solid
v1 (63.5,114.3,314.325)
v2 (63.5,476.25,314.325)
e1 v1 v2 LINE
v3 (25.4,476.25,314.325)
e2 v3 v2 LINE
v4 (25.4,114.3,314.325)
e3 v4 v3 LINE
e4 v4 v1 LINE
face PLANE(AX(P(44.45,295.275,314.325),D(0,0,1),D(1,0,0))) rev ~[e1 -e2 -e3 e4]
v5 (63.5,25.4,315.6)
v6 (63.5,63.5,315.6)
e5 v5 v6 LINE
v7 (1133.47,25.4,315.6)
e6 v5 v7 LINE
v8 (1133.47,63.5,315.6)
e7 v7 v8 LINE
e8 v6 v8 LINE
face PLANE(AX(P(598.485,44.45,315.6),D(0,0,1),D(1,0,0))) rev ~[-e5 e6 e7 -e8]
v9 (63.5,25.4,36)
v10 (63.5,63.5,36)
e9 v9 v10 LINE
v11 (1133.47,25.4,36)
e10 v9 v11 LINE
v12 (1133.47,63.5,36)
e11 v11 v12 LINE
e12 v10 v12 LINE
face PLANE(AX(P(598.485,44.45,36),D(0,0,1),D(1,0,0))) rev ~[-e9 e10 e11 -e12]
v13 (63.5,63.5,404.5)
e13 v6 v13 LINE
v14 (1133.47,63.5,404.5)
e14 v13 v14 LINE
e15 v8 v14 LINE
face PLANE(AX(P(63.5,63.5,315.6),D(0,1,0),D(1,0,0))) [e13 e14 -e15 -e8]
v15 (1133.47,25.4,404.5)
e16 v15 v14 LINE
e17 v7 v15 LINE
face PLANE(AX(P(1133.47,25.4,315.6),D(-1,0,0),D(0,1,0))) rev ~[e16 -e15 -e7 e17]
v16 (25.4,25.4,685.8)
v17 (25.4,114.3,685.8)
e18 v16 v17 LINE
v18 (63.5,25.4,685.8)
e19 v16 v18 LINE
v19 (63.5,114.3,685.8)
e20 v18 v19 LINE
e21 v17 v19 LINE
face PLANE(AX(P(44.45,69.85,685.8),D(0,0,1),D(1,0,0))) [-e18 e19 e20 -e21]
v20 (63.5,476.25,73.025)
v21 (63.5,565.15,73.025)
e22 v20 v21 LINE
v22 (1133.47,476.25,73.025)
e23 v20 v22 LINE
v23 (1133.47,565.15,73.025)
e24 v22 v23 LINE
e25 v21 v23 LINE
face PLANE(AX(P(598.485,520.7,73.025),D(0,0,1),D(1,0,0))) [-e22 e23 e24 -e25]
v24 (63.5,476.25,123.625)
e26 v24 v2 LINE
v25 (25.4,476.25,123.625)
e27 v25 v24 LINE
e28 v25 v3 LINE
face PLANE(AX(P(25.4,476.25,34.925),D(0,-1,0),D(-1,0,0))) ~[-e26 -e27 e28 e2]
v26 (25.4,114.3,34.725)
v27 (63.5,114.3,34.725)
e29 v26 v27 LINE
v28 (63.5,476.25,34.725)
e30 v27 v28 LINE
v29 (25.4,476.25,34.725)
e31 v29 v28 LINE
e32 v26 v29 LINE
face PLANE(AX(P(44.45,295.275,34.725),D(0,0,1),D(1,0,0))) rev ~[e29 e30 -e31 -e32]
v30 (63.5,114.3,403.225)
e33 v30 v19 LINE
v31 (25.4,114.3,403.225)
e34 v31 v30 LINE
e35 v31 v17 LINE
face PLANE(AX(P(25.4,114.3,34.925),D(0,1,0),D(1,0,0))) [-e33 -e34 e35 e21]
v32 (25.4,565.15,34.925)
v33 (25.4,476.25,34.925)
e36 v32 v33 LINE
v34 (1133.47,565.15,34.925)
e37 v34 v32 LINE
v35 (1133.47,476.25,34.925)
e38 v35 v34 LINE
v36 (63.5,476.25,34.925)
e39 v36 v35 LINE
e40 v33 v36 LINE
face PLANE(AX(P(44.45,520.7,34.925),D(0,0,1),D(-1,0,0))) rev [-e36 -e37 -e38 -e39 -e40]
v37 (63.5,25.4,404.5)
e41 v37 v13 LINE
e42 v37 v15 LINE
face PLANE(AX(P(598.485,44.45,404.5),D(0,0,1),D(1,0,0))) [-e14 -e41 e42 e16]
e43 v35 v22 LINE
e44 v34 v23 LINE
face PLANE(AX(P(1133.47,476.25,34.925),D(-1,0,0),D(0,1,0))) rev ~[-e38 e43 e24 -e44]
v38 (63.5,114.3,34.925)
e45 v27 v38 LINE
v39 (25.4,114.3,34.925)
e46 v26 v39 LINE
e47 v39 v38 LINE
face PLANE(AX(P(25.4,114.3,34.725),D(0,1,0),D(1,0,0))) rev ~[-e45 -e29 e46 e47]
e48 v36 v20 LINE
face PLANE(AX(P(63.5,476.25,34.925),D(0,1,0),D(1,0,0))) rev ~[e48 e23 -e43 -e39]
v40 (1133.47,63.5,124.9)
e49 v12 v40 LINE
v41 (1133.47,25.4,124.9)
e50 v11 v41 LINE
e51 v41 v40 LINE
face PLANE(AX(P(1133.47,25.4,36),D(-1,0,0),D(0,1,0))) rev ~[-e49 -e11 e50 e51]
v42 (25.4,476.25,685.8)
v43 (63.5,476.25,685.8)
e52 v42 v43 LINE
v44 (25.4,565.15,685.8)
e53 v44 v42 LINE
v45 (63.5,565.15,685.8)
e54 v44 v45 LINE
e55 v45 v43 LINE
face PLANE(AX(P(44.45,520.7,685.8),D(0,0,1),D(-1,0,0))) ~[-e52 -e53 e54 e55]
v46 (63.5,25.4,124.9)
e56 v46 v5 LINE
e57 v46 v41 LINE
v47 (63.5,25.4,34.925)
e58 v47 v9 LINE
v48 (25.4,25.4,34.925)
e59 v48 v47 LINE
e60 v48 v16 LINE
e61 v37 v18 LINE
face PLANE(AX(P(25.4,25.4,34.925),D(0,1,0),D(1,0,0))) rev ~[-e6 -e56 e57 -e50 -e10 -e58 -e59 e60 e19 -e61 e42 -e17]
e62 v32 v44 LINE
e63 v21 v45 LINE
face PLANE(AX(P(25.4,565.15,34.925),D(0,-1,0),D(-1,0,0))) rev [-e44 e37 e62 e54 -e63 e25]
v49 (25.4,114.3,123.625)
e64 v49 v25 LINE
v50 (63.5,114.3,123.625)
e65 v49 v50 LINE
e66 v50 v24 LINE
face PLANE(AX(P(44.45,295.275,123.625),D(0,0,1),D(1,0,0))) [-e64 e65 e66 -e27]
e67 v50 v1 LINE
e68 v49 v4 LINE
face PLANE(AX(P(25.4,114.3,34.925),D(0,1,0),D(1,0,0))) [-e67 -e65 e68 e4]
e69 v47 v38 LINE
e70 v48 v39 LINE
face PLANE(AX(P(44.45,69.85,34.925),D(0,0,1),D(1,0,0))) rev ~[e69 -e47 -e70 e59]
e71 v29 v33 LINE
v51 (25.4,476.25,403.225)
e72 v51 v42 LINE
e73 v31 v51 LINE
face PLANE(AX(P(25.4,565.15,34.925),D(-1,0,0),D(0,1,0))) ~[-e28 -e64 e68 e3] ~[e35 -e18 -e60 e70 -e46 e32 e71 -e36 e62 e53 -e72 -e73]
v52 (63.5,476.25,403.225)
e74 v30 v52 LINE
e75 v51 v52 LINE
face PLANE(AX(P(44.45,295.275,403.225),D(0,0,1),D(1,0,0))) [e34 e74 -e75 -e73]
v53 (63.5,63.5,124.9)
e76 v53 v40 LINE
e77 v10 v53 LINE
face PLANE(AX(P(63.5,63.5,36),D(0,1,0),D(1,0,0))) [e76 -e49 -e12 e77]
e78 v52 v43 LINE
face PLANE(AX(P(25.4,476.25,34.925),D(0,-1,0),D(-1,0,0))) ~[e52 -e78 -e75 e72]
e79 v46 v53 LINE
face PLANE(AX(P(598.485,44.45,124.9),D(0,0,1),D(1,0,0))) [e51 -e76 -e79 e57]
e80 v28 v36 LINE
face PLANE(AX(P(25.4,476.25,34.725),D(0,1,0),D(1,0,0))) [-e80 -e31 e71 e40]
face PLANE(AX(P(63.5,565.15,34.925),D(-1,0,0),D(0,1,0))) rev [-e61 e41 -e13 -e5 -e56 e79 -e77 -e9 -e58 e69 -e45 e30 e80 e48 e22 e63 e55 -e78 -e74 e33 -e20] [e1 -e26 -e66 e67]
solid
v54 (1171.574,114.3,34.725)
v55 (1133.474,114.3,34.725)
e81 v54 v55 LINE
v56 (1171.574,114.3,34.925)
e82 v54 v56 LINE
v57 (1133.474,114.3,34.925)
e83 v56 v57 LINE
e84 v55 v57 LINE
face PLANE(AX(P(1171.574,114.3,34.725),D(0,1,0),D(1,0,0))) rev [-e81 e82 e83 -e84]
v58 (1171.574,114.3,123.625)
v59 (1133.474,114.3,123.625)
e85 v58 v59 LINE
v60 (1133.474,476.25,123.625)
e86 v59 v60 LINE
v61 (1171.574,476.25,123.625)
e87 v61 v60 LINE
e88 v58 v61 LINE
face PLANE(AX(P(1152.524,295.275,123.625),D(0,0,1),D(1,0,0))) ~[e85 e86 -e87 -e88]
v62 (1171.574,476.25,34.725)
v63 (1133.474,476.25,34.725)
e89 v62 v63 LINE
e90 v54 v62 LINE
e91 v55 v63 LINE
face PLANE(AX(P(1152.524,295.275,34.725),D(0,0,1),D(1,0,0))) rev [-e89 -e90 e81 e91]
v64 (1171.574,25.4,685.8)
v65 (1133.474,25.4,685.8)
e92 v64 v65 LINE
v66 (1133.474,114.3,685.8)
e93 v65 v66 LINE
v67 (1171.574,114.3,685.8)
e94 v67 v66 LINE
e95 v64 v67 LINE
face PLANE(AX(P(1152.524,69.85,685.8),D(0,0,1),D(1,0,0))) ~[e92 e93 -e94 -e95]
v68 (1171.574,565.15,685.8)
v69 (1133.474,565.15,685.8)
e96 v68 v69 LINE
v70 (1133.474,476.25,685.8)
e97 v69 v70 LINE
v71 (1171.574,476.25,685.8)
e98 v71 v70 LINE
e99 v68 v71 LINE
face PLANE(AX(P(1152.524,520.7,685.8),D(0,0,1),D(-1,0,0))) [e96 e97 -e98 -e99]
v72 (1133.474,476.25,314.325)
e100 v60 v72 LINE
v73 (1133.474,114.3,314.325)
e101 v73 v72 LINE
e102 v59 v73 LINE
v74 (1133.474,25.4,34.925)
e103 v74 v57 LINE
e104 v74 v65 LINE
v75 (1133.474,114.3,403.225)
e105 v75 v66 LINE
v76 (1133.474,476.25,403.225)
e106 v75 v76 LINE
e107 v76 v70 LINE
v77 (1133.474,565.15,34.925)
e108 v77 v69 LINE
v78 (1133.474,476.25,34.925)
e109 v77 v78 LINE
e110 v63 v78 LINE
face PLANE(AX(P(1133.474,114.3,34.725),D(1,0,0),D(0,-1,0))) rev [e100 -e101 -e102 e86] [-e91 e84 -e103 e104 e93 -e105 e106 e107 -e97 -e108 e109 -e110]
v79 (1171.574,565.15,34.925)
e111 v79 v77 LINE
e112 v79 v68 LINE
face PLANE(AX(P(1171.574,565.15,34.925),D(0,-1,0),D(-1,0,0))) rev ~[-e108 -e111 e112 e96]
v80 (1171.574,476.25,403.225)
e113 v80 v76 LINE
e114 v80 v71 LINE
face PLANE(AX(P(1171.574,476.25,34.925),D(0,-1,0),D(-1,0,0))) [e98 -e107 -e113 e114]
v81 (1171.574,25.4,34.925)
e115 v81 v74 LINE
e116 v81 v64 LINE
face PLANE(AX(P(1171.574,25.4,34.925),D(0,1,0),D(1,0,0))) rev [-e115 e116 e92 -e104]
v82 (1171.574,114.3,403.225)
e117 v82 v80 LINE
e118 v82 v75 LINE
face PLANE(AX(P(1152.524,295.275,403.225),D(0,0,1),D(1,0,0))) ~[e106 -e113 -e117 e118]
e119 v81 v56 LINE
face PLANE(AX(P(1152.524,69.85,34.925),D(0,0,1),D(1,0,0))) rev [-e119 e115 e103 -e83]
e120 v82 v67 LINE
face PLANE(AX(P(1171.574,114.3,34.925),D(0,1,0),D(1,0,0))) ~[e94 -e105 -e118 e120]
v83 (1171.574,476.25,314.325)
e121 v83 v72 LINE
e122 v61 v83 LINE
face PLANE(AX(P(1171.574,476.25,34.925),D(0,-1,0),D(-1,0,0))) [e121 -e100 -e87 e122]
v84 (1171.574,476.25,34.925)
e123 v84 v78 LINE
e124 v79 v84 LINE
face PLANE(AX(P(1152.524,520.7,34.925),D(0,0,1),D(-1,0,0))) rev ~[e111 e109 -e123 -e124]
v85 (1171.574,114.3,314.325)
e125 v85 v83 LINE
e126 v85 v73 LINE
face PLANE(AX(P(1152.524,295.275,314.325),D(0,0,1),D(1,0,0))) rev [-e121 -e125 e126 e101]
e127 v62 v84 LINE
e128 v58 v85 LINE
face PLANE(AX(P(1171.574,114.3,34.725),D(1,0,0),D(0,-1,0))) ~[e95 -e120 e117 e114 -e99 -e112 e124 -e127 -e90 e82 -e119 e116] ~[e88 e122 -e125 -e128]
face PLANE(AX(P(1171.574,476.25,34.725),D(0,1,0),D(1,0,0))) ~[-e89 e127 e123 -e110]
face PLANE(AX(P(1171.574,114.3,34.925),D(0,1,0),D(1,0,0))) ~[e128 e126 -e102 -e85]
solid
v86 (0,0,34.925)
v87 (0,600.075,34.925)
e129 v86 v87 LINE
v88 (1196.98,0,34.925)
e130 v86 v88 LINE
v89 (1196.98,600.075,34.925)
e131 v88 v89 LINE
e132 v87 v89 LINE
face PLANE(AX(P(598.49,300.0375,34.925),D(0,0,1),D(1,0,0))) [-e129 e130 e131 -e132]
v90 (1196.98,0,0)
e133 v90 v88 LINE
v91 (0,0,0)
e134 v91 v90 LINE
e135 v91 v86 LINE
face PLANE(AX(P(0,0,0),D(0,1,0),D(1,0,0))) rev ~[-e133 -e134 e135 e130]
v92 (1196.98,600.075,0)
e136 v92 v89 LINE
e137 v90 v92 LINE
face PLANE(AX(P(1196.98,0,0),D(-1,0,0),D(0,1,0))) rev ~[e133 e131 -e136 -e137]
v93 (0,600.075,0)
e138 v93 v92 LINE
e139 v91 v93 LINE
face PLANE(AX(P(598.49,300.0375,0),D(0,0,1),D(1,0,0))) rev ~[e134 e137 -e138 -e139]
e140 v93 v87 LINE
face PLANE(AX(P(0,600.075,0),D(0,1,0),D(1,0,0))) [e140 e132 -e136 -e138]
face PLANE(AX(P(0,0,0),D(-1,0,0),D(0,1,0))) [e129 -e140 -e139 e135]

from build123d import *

# Parameters (mm, degrees)
BOX_W        = 1196.98
BOX_H        = 600.075
BOX_DEPTH    = 34.925
BOX001_W     = 38.1
BOX001_H     = 88.9
BOX001_DEPTH = 650.875
BOX002_W     = 1069.97
BOX002_H     = 38.1
BOX002_DEPTH = 88.9
BOX003_W     = 38.1
BOX003_H     = 361.95
BOX003_DEPTH = 88.9
BOX004_W     = 1069.97
BOX004_H     = 38.1
BOX004_DEPTH = 88.9
BOX005_W     = 38.1
BOX005_H     = 361.95
BOX005_DEPTH = 88.9
BOX006_W     = 1069.97
BOX006_H     = 88.9
BOX006_DEPTH = 38.1


with BuildPart() as tabletop:
    # Box → Box (new body)
    with BuildSketch(Plane.XY):
        with Locations((598.49, 300.0375)):
            Rectangle(BOX_W, BOX_H)
    extrude(amount=BOX_DEPTH)


with BuildPart() as leg_br:
    # Box001 → Box001 (new body)
    with BuildSketch(Plane(origin=(25.4, 25.4, 34.925), x_dir=(1, 0, 0), z_dir=(0, 0, 1))):
        with Locations((19.05, 44.45)):
            Rectangle(BOX001_W, BOX001_H)
    extrude(amount=BOX001_DEPTH)


with BuildPart() as part_mirroring001:
    # Part__Mirroring001: instance of leg_br
    add(leg_br.part.mirror(Plane(origin=(598.487, 0, 0), x_dir=(0, -1, 0), z_dir=(1, 0, 0))))


with BuildPart() as back_support:
    # Box002 → Box002 (new body)
    with BuildSketch(Plane(origin=(63.5, 25.4, 214), x_dir=(1, 0, 0), z_dir=(0, 0, 1))):
        with Locations((534.985, 19.05)):
            Rectangle(BOX002_W, BOX002_H)
    extrude(amount=BOX002_DEPTH)


with BuildPart() as side_support:
    # Box003 → Box003 (new body)
    with BuildSketch(Plane(origin=(25.4, 114.3, 212.725), x_dir=(1, 0, 0), z_dir=(0, 0, 1))):
        with Locations((19.05, 180.975)):
            Rectangle(BOX003_W, BOX003_H)
    extrude(amount=BOX003_DEPTH)


with BuildPart() as braces_lower:
    # Part__Mirroring003: instance of side_support
    add(side_support.part.mirror(Plane(origin=(598.487, 0, 0), x_dir=(0, -1, 0), z_dir=(1, 0, 0))))

    # Compound: union back_support, side_support
    add(back_support.part)
    add(side_support.part)


with BuildPart() as braces_lower_1:
    # Compound placement: moved
    add(braces_lower.part.moved(Location((0, 0, 101.6))))


with BuildPart() as back_support001:
    # Box004 → Box004 (new body)
    with BuildSketch(Plane(origin=(63.5, 25.4, 214), x_dir=(1, 0, 0), z_dir=(0, 0, 1))):
        with Locations((534.985, 19.05)):
            Rectangle(BOX004_W, BOX004_H)
    extrude(amount=BOX004_DEPTH)


with BuildPart() as side_support001:
    # Box005 → Box005 (new body)
    with BuildSketch(Plane(origin=(25.4, 114.3, 212.725), x_dir=(1, 0, 0), z_dir=(0, 0, 1))):
        with Locations((19.05, 180.975)):
            Rectangle(BOX005_W, BOX005_H)
    extrude(amount=BOX005_DEPTH)


with BuildPart() as braces_upper:
    # Part__Mirroring004: instance of side_support001
    add(side_support001.part.mirror(Plane(origin=(598.487, 0, 0), x_dir=(0, -1, 0), z_dir=(1, 0, 0))))

    # Compound001: union back_support001, side_support001
    add(back_support001.part)
    add(side_support001.part)


with BuildPart() as braces_upper_1:
    # Compound001 placement: moved
    add(braces_upper.part.moved(Location((0, 0, -178))))


with BuildPart() as brace_front:
    # Box006 → Box006 (new body)
    with BuildSketch(Plane(origin=(63.5, 476.25, 34.925), x_dir=(1, 0, 0), z_dir=(0, 0, 1))):
        with Locations((534.985, 44.45)):
            Rectangle(BOX006_W, BOX006_H)
    extrude(amount=BOX006_DEPTH)


with BuildPart() as part_mirroring:
    # Part__Mirroring: instance of leg_br
    add(leg_br.part.mirror(Plane(origin=(0, 295.275, 0), x_dir=(1, 0, 0), z_dir=(0, 1, 0))))


with BuildPart() as frame:
    # Part__Mirroring002: instance of Part__Mirroring
    add(part_mirroring.part.mirror(Plane(origin=(598.487, 0, 0), x_dir=(0, -1, 0), z_dir=(1, 0, 0))))

    # Connect: union Part__Mirroring001, Braces_lower, Braces_upper, Brace_front, leg_br, Part__Mirroring
    add(part_mirroring001.part)
    add(braces_lower_1.part)
    add(braces_upper_1.part)
    add(brace_front.part)
    add(leg_br.part)
    add(part_mirroring.part)


solid = Compound([tabletop.part, frame.part])
